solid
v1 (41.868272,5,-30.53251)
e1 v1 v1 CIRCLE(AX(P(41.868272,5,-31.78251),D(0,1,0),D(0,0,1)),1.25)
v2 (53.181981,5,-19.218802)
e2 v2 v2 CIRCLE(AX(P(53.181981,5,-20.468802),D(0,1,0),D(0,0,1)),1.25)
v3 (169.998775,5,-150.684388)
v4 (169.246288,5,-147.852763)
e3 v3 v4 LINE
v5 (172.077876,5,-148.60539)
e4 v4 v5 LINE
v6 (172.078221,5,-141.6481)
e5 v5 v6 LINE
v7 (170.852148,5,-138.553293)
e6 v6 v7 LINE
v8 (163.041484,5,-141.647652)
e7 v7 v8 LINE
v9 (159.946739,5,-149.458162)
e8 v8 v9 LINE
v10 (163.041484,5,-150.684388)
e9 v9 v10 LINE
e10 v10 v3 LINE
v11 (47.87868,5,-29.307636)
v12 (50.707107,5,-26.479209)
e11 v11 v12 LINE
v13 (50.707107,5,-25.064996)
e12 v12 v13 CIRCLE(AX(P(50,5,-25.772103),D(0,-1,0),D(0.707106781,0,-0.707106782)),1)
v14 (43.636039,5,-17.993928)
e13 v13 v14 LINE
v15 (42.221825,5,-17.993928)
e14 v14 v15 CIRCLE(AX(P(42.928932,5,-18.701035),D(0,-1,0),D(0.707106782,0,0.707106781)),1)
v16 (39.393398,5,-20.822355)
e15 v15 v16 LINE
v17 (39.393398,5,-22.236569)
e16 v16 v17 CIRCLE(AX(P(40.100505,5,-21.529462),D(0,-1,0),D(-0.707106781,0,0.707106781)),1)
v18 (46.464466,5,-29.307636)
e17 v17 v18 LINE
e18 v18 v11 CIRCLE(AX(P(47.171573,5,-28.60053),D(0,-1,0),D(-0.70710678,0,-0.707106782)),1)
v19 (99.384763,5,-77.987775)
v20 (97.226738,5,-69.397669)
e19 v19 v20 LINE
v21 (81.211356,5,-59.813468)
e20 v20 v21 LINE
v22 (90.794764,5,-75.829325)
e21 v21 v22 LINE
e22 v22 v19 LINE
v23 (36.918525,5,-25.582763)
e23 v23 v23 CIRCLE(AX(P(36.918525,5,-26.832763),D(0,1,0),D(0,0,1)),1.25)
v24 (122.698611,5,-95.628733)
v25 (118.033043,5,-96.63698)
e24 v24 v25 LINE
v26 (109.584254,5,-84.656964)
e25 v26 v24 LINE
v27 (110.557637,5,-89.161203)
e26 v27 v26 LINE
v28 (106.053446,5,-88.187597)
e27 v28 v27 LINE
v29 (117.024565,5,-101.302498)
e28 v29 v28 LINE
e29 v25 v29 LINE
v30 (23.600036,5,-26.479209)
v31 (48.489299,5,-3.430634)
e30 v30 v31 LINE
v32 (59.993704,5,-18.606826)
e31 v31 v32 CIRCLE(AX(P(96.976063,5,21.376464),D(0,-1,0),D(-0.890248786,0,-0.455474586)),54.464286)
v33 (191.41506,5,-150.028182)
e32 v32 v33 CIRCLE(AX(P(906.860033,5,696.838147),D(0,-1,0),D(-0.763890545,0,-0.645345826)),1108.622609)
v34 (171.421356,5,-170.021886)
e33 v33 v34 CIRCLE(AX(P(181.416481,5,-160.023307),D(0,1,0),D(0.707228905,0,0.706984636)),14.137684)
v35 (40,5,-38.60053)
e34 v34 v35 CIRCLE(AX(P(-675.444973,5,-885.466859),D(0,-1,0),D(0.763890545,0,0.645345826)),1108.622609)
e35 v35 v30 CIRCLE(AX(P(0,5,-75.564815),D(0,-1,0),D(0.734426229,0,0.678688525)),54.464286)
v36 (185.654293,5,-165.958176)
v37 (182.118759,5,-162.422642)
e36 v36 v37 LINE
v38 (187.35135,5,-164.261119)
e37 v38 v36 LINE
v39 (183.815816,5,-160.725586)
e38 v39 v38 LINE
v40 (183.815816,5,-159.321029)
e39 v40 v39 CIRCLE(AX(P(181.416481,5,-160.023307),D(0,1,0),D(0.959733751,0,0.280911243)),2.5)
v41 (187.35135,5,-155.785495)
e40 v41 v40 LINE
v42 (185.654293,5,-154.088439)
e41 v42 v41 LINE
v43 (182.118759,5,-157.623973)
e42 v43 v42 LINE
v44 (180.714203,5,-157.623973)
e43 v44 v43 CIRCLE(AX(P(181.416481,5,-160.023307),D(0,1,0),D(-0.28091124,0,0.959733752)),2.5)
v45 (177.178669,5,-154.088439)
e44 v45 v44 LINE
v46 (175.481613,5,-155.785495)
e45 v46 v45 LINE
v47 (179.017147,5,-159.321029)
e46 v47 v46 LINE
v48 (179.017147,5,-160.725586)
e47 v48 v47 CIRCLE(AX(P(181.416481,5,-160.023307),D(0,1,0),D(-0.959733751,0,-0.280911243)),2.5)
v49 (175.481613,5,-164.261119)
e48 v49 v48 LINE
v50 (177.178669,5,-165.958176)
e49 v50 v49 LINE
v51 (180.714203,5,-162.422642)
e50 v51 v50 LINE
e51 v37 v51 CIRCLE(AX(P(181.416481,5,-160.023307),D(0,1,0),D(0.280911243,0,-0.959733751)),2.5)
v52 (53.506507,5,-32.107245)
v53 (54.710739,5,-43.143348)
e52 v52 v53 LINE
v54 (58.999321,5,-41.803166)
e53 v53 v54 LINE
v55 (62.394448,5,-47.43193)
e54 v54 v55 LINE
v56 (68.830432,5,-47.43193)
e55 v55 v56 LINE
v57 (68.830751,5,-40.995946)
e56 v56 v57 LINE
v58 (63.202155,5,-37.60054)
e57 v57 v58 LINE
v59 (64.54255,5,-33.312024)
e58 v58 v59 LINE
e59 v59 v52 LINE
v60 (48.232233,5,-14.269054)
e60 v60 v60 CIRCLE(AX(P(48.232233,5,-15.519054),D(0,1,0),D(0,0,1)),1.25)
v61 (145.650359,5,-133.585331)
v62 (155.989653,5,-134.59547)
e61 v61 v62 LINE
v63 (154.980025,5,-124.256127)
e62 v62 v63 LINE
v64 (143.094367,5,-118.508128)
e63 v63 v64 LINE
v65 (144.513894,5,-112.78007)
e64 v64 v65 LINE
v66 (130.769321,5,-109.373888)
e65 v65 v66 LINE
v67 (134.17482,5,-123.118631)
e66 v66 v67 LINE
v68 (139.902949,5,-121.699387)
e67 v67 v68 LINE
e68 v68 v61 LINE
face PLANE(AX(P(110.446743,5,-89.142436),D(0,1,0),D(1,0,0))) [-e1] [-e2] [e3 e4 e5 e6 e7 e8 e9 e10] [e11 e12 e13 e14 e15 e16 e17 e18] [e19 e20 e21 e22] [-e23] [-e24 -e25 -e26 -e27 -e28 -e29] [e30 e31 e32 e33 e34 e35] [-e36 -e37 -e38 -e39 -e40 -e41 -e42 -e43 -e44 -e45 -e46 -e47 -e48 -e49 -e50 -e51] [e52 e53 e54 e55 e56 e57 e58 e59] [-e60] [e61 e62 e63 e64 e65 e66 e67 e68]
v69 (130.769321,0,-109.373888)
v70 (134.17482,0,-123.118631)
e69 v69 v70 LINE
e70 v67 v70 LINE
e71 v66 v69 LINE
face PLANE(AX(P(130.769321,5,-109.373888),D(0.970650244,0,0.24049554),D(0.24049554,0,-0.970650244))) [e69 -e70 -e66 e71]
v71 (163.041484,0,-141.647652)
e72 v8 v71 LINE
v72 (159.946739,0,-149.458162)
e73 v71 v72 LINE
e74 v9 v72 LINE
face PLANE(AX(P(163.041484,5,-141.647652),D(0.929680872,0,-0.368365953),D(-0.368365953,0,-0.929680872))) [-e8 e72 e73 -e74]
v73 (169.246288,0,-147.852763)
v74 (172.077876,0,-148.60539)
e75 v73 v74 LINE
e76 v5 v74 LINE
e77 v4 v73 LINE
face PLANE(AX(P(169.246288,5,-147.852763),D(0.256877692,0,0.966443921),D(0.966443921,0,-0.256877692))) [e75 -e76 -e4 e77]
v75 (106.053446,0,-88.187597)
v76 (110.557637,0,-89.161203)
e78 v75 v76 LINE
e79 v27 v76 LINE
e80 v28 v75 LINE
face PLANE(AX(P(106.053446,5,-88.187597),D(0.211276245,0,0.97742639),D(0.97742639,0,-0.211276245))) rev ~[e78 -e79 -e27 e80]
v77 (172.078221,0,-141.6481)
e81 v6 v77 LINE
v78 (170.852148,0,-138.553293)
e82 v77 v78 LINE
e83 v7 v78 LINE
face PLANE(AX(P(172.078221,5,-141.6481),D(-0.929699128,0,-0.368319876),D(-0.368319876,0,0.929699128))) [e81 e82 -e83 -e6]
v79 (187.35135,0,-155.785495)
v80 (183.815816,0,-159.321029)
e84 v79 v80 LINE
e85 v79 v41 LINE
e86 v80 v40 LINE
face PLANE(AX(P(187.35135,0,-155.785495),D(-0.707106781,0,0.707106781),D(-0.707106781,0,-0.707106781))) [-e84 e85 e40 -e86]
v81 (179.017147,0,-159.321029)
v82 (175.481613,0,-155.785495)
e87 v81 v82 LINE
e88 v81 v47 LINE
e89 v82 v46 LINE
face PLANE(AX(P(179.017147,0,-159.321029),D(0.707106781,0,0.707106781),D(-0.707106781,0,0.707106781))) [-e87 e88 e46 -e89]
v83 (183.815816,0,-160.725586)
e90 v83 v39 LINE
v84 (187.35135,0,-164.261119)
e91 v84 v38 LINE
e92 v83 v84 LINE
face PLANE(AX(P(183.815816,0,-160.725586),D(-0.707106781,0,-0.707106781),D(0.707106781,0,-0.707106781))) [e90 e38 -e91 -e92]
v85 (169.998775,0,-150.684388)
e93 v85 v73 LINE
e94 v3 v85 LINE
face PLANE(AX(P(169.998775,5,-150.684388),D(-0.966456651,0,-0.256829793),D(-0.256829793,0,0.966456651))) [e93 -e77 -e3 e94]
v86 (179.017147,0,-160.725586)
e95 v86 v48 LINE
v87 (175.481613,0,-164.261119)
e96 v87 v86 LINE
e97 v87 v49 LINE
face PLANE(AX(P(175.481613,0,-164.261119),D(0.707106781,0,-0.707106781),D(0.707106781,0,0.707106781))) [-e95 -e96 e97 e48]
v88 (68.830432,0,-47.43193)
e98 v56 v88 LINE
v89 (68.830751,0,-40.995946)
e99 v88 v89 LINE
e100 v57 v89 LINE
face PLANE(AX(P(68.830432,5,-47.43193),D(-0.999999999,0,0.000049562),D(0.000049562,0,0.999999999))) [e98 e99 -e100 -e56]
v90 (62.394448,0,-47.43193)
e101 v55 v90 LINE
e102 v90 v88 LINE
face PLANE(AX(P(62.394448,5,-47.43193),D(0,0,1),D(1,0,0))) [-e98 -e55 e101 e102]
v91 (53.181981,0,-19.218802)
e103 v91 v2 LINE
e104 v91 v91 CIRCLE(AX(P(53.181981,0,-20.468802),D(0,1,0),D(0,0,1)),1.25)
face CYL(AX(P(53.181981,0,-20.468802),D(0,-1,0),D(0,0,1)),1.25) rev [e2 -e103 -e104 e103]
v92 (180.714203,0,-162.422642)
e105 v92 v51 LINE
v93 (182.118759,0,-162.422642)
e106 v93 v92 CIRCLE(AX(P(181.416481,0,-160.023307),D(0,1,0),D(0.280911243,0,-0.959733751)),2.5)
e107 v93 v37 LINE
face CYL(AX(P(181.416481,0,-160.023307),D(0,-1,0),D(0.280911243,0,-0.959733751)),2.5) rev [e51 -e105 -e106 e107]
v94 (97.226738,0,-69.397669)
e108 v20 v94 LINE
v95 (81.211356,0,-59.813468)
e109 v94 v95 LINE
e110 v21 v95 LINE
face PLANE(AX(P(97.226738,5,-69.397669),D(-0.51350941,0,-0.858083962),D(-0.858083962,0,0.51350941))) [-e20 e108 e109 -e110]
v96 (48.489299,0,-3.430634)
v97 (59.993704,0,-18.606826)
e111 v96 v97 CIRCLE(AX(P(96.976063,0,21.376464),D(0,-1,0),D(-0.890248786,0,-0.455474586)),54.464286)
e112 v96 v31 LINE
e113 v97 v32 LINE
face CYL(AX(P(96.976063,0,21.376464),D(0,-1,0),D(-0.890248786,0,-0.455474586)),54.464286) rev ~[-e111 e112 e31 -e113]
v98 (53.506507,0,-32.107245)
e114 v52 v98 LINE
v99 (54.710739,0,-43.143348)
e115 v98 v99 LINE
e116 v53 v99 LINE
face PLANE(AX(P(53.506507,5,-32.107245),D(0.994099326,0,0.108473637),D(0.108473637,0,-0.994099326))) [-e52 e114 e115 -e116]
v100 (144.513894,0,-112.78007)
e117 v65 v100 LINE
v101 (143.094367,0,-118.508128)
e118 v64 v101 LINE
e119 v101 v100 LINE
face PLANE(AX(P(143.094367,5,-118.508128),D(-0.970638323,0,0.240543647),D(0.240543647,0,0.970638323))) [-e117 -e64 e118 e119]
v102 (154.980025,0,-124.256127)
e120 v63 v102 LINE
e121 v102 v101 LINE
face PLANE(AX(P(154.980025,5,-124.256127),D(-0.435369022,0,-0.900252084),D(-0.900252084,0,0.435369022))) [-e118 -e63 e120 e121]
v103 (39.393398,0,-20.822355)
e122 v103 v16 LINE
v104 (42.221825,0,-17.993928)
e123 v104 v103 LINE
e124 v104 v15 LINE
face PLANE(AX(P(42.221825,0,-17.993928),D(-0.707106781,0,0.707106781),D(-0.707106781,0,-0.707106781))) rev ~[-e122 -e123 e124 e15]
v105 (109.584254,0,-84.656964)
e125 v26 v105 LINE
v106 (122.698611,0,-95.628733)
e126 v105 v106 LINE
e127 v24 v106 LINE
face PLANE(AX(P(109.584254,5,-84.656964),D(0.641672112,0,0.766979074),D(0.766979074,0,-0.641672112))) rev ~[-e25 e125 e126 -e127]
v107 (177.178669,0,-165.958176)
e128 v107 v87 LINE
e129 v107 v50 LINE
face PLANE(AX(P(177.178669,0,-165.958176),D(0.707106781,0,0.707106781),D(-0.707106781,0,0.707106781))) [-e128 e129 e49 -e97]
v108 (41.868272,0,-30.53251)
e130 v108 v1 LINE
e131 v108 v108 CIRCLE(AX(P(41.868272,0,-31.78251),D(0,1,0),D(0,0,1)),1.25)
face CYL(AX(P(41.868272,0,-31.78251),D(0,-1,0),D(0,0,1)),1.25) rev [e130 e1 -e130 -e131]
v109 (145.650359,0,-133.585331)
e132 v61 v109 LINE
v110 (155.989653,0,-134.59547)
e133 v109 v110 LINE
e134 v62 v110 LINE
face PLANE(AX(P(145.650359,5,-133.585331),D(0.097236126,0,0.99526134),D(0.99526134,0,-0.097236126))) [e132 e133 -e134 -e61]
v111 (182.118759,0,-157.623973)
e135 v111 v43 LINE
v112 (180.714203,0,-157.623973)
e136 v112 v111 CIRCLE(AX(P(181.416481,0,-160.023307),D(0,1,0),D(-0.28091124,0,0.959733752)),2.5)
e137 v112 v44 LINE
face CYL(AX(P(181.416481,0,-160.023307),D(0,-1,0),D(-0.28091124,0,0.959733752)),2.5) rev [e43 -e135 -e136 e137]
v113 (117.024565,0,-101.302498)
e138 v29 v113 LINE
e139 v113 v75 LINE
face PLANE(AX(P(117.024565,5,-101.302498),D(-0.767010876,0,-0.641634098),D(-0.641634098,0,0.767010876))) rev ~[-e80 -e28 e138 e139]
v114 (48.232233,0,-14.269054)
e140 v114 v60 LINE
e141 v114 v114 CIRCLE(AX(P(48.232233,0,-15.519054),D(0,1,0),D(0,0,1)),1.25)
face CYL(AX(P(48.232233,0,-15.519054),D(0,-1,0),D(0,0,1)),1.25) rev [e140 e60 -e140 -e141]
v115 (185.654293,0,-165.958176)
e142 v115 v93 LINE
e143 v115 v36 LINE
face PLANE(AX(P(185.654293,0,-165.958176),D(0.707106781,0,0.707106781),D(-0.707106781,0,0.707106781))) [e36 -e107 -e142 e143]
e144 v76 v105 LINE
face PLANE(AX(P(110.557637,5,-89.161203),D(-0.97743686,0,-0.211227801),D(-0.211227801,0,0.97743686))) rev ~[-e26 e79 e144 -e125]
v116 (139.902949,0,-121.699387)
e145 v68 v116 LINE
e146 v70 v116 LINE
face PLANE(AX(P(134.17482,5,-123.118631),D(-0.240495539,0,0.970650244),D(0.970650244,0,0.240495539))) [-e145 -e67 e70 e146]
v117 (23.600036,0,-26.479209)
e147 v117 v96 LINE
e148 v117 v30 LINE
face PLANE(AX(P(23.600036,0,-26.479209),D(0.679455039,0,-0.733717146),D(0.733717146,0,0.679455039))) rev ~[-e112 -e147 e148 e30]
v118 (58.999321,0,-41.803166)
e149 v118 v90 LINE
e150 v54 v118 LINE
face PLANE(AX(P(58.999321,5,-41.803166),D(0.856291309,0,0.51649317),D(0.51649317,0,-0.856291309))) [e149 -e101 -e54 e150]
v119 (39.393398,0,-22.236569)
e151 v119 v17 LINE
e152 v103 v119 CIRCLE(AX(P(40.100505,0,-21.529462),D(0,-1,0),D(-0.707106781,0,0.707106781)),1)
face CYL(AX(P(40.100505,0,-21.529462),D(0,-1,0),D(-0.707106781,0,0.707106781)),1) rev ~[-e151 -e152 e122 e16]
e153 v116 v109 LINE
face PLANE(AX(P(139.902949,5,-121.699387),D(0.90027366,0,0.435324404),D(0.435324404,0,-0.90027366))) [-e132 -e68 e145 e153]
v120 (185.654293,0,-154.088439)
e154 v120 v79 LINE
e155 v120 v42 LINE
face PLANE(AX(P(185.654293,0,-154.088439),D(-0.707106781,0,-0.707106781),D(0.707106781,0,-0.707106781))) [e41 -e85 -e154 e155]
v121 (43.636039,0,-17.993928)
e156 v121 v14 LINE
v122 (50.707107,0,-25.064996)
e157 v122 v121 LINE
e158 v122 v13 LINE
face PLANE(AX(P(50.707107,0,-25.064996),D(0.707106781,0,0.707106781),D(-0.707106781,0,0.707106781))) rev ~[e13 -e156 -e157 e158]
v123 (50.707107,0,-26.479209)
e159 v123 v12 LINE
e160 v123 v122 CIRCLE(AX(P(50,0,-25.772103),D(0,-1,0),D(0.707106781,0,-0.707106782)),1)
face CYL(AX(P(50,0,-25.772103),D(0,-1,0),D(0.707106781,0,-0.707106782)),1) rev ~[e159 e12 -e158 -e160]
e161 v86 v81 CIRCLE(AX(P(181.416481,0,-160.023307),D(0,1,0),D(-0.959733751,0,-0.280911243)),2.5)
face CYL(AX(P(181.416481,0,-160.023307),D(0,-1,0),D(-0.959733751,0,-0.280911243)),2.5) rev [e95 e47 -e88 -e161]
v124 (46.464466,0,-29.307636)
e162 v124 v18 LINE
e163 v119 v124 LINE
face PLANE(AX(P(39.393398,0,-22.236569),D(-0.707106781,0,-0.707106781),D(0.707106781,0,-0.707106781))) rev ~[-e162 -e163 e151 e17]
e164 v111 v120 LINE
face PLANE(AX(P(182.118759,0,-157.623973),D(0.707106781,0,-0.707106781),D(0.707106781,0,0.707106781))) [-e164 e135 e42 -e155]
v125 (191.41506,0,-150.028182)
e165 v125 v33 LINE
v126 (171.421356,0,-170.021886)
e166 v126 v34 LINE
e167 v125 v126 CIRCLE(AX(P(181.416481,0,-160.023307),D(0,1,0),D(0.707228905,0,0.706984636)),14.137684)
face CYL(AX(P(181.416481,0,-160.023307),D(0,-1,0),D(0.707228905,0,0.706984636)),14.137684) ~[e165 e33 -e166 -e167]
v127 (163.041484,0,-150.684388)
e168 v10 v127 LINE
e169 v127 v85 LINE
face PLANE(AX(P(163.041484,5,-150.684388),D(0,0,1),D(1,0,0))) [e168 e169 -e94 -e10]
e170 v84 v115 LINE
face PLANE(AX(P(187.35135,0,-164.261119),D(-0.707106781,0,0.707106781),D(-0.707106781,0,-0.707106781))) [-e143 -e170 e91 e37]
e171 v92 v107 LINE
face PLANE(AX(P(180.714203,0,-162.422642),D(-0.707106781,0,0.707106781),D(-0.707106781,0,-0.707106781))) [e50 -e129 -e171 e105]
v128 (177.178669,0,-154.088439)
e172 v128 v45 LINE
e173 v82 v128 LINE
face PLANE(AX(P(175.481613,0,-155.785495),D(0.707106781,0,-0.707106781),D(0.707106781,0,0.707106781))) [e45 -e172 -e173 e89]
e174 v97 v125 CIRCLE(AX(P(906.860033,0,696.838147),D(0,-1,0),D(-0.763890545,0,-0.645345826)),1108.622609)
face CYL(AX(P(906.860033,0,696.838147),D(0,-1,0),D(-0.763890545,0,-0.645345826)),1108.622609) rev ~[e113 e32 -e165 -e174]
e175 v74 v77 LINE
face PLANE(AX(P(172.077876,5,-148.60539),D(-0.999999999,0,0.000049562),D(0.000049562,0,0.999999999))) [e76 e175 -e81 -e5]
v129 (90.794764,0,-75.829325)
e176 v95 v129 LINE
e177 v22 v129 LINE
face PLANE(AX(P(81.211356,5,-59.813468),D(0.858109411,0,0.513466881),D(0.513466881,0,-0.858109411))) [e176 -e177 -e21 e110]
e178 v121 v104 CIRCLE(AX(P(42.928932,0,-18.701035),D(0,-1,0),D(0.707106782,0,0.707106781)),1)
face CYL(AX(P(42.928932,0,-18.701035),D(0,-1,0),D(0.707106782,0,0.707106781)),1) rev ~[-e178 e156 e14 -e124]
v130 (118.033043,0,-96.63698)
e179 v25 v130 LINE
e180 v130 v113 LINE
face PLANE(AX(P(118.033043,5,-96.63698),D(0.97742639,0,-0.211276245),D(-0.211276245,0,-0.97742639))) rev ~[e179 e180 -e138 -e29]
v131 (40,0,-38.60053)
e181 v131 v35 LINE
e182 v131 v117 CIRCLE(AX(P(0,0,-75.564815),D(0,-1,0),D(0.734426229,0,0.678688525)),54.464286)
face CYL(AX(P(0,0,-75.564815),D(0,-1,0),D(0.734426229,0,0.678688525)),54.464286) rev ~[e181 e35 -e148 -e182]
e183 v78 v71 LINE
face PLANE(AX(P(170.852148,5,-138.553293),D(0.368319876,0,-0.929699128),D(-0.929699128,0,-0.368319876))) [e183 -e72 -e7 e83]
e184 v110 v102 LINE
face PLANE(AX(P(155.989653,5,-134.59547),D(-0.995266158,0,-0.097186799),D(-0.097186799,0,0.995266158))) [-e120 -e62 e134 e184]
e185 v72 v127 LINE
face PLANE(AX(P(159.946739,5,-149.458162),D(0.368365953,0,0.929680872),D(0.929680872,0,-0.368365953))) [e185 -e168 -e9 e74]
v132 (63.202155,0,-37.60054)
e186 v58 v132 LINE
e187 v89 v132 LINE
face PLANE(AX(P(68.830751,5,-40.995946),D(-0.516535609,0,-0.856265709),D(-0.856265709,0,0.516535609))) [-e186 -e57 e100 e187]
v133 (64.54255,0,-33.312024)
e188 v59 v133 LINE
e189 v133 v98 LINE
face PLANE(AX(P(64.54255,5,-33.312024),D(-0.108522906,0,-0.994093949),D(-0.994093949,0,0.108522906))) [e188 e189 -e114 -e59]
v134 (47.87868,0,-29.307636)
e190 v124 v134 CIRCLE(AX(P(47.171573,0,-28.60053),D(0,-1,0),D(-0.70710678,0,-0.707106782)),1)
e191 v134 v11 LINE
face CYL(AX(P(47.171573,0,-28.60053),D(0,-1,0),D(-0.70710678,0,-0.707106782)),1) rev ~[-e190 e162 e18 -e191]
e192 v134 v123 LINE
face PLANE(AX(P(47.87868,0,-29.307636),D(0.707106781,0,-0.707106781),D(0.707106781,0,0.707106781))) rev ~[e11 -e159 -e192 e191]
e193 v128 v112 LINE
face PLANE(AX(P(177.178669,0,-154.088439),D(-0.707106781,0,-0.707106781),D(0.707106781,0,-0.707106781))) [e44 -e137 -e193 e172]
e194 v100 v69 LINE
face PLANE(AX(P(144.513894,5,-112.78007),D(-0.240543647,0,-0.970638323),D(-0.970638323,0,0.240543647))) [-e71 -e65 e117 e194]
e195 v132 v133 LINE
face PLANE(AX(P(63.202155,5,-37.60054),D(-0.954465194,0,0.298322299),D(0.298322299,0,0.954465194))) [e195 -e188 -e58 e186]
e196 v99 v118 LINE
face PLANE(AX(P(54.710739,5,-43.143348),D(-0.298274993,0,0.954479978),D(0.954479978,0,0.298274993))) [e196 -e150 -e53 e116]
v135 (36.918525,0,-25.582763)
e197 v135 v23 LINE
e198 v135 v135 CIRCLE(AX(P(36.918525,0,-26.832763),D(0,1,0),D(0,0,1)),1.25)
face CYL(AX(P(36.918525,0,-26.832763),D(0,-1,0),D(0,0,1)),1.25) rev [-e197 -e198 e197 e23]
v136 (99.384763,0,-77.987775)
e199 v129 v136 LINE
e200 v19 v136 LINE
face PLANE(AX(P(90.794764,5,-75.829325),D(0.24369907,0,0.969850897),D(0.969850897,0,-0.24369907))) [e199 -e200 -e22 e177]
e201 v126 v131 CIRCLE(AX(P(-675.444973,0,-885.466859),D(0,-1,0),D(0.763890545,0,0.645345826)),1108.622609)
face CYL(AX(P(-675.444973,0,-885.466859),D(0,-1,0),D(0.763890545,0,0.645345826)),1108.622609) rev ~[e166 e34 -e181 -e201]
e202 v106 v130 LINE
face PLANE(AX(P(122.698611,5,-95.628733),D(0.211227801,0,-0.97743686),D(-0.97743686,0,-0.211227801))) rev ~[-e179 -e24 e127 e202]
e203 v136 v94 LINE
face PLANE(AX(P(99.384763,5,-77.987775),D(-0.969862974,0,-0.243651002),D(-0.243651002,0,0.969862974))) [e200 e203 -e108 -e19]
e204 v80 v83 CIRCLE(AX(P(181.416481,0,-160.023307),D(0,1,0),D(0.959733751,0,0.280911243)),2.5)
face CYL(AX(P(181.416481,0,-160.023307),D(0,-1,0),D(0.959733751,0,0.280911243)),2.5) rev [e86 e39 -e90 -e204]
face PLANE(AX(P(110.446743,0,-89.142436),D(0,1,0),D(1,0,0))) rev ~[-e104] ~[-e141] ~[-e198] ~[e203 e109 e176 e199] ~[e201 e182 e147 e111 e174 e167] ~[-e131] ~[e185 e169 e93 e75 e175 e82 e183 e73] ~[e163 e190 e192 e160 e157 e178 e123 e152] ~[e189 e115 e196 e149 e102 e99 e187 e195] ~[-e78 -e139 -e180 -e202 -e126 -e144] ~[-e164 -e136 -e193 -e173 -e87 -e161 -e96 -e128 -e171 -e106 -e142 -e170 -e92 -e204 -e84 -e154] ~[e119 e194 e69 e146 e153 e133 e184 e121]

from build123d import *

# Parameters (mm, degrees)
SKETCH1_R           = 1.25
BOSS_EXTRUDE9_DEPTH = 5
CUT_EXTRUDE1_DEPTH  = 10


with BuildPart() as part:
    # Sketch1 → Boss-Extrude9 (new body)
    with BuildSketch(Plane(origin=(0, 0, 0), x_dir=(1, 0, 0), z_dir=(0, 1, 0))):
        with BuildLine():
            Line((23.600035939, 26.479209334), (48.489298853, 3.430633728))
            ThreePointArc((48.489298853, 3.430633728), (53.57304499, 11.525457211), (59.99370362, 18.606826058))
            ThreePointArc((59.99370362, 18.606826058), (122.945468319, 87.076417595), (191.415059857, 150.028182295))
            ThreePointArc((191.415059857, 150.028182295), (191.413333308, 170.020159366), (171.421356237, 170.021885915))
            ThreePointArc((171.421356237, 170.021885915), (108.469591538, 101.552294377), (40, 38.600529677))
            ThreePointArc((40, 38.600529677), (32.372407148, 31.765435558), (23.600035939, 26.479209334))
        make_face()
        with Locations(Location((41.868272016, 31.782510193, 0), (0, 0, 270))):
            Circle(SKETCH1_R, mode=Mode.SUBTRACT)
        with Locations(Location((36.918524548, 26.832762725, 0), (0, 0, 270))):
            Circle(SKETCH1_R, mode=Mode.SUBTRACT)
        with Locations(Location((48.232233047, 15.519054226, 0), (0, 0, 270))):
            Circle(SKETCH1_R, mode=Mode.SUBTRACT)
        with Locations(Location((53.181980515, 20.468801694, 0), (0, 0, 270))):
            Circle(SKETCH1_R, mode=Mode.SUBTRACT)
        with BuildLine():
            Line((187.351349634, 164.261119417), (185.65429336, 165.958175692))
            Line((185.65429336, 165.958175692), (182.118759454, 162.422641786))
            ThreePointArc((182.118759454, 162.422641786), (181.416481349, 162.523307407), (180.714203245, 162.422641786))
            Line((180.714203245, 162.422641786), (177.178669339, 165.958175692))
            Line((177.178669339, 165.958175692), (175.481613064, 164.261119417))
            Line((175.481613064, 164.261119417), (179.01714697, 160.725585511))
            ThreePointArc((179.01714697, 160.725585511), (178.916481349, 160.023307407), (179.01714697, 159.321029302))
            Line((179.01714697, 159.321029302), (175.481613064, 155.785495396))
            Line((175.481613064, 155.785495396), (177.178669339, 154.088439122))
            Line((177.178669339, 154.088439122), (180.714203245, 157.623973027))
            ThreePointArc((180.714203245, 157.623973027), (181.416481349, 157.523307407), (182.118759454, 157.623973027))
            Line((182.118759454, 157.623973027), (185.65429336, 154.088439122))
            Line((185.65429336, 154.088439122), (187.351349634, 155.785495396))
            Line((187.351349634, 155.785495396), (183.815815728, 159.321029302))
            ThreePointArc((183.815815728, 159.321029302), (183.916481349, 160.023307407), (183.815815728, 160.725585511))
            Line((183.815815728, 160.725585511), (187.351349634, 164.261119417))
        make_face(mode=Mode.SUBTRACT)
        with BuildLine():
            Line((47.878679656, 29.307636459), (50.707106781, 26.479209334))
            ThreePointArc((50.707106781, 26.479209334), (51, 25.772102553), (50.707106781, 25.064995772))
            Line((50.707106781, 25.064995772), (43.636038969, 17.99392796))
            ThreePointArc((43.636038969, 17.99392796), (42.928932188, 17.701034741), (42.221825407, 17.99392796))
            Line((42.221825407, 17.99392796), (39.393398282, 20.822355084))
            ThreePointArc((39.393398282, 20.822355084), (39.100505063, 21.529461866), (39.393398282, 22.236568647))
            Line((39.393398282, 22.236568647), (46.464466094, 29.307636459))
            ThreePointArc((46.464466094, 29.307636459), (47.171572875, 29.600529677), (47.878679656, 29.307636459))
        make_face(mode=Mode.SUBTRACT)
    extrude(amount=BOSS_EXTRUDE9_DEPTH)

    # Sketch3 → Cut-Extrude1 (cut)
    with BuildSketch(Plane(origin=(0, 5, 0), x_dir=(1, 0, 0), z_dir=(0, 1, 0))):
        Polygon((53.506506714, 32.107245232), (54.710738681, 43.14334784), (58.999320763, 41.803165939), (62.394448245, 47.431929922), (68.830431901, 47.431929922), (68.830750881, 40.995946275), (63.202155174, 37.600539824), (64.542549624, 33.312024169), align=None)
        Polygon((81.21135591, 59.813467571), (90.79476364, 75.829325012), (99.384762751, 77.987775145), (97.226738359, 69.397669067), align=None)
        Polygon((118.033043481, 96.636980145), (117.02456542, 101.302497895), (106.053446407, 88.187597005), (110.557637166, 89.161203324), (109.584254085, 84.656964316), (122.698611208, 95.628733318), align=None)
        Polygon((130.769320539, 109.373888454), (134.174820431, 123.118631106), (139.902949275, 121.699387207), (145.650358709, 133.585330855), (155.989652523, 134.59547044), (154.980025376, 124.256126574), (143.094366596, 118.508128056), (144.513894391, 112.780069559), align=None)
        Polygon((163.041484482, 141.647651911), (159.946738621, 149.458162099), (163.041484482, 150.684388263), (169.998774874, 150.684388263), (169.246288288, 147.852763247), (172.077876006, 148.605390173), (172.078220823, 141.64809979), (170.852148043, 138.553293158), align=None)
    extrude(amount=-CUT_EXTRUDE1_DEPTH, mode=Mode.SUBTRACT)


solid = part.part
